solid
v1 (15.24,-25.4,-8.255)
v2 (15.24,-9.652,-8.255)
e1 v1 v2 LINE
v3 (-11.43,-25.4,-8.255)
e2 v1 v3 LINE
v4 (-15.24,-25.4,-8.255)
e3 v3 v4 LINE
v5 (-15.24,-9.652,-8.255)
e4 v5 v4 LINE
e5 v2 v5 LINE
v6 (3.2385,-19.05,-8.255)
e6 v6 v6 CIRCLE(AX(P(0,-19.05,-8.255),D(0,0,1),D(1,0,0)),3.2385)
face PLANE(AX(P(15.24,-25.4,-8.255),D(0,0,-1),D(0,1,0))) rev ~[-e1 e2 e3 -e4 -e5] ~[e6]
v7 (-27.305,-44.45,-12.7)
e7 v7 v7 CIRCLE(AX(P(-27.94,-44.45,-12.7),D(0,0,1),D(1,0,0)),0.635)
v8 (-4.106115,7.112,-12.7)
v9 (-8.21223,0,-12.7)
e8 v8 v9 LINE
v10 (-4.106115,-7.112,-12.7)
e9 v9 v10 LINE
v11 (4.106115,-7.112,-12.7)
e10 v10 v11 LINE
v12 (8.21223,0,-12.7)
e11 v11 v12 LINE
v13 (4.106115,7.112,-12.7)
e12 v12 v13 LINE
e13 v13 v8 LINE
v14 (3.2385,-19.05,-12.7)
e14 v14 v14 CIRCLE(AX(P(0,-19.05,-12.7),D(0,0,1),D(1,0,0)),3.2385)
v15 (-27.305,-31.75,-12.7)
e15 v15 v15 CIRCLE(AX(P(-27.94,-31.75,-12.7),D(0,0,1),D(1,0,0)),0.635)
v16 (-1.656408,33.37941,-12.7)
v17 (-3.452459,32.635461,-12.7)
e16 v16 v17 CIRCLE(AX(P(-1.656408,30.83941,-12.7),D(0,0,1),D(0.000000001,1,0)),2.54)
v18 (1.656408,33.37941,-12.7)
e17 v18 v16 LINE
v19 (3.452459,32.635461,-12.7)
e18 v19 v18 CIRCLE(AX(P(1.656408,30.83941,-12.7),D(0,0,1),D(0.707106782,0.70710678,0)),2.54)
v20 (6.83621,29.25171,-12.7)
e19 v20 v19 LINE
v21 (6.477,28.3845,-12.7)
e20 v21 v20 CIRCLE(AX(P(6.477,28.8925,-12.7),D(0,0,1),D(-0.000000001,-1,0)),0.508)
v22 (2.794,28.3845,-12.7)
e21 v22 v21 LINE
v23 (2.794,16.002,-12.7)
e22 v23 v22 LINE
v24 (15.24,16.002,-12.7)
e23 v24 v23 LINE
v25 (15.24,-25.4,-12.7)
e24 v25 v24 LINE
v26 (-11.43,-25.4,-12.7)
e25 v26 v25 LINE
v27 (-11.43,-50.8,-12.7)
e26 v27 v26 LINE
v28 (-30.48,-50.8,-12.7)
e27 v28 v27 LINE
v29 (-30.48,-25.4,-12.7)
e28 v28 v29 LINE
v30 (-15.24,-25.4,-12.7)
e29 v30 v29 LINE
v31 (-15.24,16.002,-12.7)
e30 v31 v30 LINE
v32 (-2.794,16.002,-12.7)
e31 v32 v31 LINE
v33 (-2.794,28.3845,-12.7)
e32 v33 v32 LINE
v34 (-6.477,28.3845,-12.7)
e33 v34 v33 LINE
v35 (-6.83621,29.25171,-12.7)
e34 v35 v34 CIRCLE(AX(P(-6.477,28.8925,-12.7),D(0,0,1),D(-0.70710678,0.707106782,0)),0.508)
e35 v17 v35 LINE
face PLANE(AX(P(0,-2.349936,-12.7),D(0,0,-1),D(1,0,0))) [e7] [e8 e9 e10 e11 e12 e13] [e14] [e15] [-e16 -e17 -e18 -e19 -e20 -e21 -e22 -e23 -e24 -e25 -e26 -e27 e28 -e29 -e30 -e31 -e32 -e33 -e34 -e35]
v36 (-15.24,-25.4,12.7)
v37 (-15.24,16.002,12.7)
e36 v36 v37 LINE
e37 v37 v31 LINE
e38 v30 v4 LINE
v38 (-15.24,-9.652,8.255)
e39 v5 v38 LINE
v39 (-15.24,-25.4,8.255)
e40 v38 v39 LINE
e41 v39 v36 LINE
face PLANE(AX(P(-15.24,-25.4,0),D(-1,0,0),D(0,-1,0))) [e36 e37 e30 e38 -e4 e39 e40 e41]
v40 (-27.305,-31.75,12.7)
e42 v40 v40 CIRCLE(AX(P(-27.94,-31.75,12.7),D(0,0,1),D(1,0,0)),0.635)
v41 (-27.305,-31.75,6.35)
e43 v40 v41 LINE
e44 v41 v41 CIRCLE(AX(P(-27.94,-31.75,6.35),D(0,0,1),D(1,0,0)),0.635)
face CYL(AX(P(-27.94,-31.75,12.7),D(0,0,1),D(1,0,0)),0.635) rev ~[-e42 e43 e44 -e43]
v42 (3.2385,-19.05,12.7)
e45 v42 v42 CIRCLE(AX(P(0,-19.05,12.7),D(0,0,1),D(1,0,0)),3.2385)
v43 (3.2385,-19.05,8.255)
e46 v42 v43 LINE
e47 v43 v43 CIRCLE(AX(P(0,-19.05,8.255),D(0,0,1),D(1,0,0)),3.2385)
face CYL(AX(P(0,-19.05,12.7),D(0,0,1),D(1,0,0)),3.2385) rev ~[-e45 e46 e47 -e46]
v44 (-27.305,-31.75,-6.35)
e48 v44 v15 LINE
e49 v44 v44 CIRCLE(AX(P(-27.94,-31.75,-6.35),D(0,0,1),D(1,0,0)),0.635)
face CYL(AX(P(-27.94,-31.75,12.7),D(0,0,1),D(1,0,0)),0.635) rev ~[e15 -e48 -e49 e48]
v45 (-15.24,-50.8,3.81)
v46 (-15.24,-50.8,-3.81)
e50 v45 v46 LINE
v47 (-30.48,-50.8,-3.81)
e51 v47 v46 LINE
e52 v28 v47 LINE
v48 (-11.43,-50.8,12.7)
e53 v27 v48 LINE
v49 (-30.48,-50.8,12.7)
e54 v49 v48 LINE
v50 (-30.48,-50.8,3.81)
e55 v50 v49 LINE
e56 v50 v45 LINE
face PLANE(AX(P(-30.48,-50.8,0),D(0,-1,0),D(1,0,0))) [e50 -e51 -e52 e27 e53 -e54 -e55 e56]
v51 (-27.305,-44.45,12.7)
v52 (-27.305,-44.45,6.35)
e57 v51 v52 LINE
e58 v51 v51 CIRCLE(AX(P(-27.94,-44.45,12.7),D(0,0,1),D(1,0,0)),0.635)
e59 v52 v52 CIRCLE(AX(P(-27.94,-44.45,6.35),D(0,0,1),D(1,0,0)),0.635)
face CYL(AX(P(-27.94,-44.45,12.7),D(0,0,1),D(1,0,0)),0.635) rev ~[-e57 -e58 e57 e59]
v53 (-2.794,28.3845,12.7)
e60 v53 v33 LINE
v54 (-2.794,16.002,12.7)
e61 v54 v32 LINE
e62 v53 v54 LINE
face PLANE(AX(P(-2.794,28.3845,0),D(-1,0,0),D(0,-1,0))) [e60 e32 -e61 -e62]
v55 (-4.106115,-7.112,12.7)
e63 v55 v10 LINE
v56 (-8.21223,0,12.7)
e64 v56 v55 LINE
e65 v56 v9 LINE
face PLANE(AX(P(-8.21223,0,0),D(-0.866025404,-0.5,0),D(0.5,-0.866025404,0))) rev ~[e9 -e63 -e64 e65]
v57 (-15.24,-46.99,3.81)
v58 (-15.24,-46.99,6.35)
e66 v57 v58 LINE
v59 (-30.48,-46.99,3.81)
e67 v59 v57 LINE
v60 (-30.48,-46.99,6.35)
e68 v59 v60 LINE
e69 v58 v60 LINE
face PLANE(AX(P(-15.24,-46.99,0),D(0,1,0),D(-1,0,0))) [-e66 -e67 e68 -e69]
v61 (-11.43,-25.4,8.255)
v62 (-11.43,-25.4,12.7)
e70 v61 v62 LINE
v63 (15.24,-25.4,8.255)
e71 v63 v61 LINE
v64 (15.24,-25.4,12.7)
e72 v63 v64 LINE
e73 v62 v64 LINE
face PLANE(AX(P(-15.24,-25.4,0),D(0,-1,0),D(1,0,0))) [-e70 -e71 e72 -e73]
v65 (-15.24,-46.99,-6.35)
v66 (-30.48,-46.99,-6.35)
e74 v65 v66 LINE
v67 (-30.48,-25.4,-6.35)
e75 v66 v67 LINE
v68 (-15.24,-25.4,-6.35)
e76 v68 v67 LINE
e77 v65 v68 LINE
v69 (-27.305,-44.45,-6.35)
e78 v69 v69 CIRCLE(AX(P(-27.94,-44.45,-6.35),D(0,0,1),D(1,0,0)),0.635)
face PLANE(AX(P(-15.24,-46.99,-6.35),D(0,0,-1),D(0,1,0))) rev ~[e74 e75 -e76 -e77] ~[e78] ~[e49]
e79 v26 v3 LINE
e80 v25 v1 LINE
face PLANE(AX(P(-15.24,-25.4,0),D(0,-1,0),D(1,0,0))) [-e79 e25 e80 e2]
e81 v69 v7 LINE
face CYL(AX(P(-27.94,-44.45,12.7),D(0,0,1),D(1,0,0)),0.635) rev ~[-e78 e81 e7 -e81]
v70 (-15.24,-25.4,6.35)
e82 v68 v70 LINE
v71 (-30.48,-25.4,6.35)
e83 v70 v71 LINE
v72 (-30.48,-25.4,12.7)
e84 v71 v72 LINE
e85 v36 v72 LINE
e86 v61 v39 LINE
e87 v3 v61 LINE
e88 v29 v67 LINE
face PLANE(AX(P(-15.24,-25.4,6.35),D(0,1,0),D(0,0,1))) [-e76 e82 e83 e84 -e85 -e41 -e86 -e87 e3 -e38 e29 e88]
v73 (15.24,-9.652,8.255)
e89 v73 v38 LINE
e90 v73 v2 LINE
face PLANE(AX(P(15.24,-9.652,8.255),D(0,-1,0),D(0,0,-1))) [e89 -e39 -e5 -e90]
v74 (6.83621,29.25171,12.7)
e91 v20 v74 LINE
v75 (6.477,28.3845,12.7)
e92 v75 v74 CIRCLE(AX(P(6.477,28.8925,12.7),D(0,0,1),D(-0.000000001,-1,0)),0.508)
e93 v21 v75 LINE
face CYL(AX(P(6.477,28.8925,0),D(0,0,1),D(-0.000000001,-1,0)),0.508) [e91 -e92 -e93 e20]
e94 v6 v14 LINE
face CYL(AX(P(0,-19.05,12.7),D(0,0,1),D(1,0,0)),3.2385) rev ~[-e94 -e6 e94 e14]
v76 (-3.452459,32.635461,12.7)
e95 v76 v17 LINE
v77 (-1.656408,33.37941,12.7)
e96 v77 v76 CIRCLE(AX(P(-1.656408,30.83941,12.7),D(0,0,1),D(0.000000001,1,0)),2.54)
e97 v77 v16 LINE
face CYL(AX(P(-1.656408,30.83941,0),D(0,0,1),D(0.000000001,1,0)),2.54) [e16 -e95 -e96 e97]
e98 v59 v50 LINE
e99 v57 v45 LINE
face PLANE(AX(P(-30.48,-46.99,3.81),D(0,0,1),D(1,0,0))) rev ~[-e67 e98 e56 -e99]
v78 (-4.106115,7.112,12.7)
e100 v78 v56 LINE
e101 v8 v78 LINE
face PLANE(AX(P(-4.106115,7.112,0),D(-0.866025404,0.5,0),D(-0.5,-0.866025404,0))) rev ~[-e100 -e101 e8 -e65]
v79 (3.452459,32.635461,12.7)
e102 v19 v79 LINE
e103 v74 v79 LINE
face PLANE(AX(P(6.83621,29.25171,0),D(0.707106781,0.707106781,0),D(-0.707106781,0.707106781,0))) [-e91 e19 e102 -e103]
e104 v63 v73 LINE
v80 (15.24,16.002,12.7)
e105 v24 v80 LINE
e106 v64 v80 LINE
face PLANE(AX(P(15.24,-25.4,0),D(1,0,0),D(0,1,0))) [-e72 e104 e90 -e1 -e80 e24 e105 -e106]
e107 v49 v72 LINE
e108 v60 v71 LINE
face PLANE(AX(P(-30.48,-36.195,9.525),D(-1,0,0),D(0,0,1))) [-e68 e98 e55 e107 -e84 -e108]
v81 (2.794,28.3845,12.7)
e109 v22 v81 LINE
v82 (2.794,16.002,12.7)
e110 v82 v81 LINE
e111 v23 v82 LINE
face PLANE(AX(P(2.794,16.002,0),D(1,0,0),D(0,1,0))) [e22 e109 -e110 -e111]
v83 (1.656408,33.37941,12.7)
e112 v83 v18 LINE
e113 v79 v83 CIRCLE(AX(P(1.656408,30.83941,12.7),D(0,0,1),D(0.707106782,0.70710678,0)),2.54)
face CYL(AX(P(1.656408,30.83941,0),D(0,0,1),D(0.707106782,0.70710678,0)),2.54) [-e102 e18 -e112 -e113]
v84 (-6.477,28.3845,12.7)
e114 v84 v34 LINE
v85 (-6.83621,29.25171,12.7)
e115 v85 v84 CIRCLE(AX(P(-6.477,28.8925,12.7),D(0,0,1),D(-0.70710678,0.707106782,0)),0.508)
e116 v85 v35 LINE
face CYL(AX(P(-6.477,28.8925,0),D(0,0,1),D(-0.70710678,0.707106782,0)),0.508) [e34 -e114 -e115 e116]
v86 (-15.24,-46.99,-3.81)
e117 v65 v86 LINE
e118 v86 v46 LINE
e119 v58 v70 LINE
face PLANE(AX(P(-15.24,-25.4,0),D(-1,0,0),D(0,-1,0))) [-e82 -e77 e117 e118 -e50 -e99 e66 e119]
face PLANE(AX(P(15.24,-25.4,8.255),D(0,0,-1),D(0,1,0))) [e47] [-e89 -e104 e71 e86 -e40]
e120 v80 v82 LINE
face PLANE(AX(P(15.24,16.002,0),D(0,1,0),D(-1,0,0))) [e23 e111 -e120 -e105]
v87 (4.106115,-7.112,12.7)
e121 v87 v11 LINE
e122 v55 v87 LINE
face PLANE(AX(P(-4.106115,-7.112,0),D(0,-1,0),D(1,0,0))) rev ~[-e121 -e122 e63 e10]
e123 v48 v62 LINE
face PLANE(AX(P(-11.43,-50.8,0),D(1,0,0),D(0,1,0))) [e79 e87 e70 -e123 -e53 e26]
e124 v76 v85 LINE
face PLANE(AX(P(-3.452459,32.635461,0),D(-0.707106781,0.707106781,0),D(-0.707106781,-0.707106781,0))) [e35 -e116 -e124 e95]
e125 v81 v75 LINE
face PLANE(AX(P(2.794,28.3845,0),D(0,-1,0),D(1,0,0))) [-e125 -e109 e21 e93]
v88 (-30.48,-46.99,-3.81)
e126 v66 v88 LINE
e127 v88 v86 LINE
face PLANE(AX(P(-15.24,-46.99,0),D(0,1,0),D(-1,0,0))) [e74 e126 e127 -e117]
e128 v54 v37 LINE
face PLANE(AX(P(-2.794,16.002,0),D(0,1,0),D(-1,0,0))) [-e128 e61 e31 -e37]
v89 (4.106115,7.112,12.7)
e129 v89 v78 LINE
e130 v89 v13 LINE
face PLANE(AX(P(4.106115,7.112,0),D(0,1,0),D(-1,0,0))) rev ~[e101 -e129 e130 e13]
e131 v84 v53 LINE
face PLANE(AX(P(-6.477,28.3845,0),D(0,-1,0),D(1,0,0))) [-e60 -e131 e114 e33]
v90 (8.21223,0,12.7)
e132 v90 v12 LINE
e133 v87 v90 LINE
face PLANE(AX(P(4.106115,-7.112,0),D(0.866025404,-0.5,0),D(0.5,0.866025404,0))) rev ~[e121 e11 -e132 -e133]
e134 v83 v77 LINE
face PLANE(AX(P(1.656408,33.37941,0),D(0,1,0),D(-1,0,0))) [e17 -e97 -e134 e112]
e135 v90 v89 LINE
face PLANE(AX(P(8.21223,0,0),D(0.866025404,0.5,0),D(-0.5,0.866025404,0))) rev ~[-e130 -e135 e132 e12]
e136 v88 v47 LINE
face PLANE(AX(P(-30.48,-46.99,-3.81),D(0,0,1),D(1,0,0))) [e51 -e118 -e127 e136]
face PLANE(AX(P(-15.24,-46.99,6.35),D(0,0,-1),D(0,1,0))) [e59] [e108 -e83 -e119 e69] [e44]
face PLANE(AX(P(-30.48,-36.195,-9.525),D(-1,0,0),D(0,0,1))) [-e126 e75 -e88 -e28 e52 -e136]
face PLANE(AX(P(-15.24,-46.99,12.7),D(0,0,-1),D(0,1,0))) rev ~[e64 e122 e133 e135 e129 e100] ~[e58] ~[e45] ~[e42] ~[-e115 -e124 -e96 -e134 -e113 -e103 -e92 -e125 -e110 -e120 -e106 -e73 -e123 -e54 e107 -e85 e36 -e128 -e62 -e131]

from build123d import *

# Parameters (mm, degrees)
BOSS_EXTRUDE1_DEPTH             = 12.7
BOSS_EXTRUDE4_REACH             = 14.7
BOSS_EXTRUDE4_DIRECTION_2_REACH = 14.7
SKETCH6_W                       = 16.51
SKETCH6_H                       = 15.748
CUT_EXTRUDE2_DEPTH              = 46.72
SKETCH11_W                      = 15.24
SKETCH11_H                      = 7.62
CUT_EXTRUDE3_DEPTH              = 3.81
SKETCH15_R                      = 3.2385
CUT_EXTRUDE4_DEPTH              = 25.4
SKETCH16_W                      = 6.35
SKETCH16_H                      = 21.59
BOSS_EXTRUDE5_DEPTH             = 15.24
SKETCH17_R                      = 0.635
CUT_EXTRUDE5_DEPTH              = 26.4


with BuildPart() as part:
    # Sketch1 → Boss-Extrude1 (new body, symmetric)
    with BuildSketch(Plane.XY):
        with BuildLine():
            Line((-15.24, 16.002), (-15.24, -25.4))
            Line((-15.24, -25.4), (15.24, -25.4))
            Line((15.24, -25.4), (15.24, 16.002))
            Line((15.24, 16.002), (2.794, 16.002))
            Line((2.794, 16.002), (2.794, 28.3845))
            Line((2.794, 28.3845), (6.477, 28.3845))
            ThreePointArc((6.477, 28.3845), (6.946330803, 28.698096816), (6.836210245, 29.251710245))
            Line((6.836210245, 29.251710245), (3.452459265, 32.635461224))
            ThreePointArc((3.452459265, 32.635461224), (2.628423959, 33.186064013), (1.656408041, 33.37941))
            Line((1.656408041, 33.37941), (-1.656408041, 33.37941))
            ThreePointArc((-1.656408041, 33.37941), (-2.628423959, 33.186064013), (-3.452459265, 32.635461224))
            Line((-3.452459265, 32.635461224), (-6.836210245, 29.251710245))
            ThreePointArc((-6.836210245, 29.251710245), (-6.946330803, 28.698096816), (-6.477, 28.3845))
            Line((-6.477, 28.3845), (-2.794, 28.3845))
            Line((-2.794, 28.3845), (-2.794, 16.002))
            Line((-2.794, 16.002), (-15.24, 16.002))
        make_face()
        Polygon((-4.106115114, 7.112), (-8.212230229, 0), (-4.106115114, -7.112), (4.106115114, -7.112), (8.212230229, 0), (4.106115114, 7.112), align=None, mode=Mode.SUBTRACT)
    extrude(amount=BOSS_EXTRUDE1_DEPTH, both=True)

    # Boss-Extrude4: up to this face of the body (flat: up to its plane)
    boss_extrude4_end = Plane(part.part.faces().sort_by_distance((-6.334610257, 28.951479763, 12.7))[0])
    # Sketch10 → Boss-Extrude4 (add, up to the picked face)
    with BuildSketch(Plane.XY, mode=Mode.PRIVATE) as boss_extrude4_sk1:
        Polygon((-15.24, -25.4), (-15.24, -46.99), (-30.48, -46.99), (-30.48, -50.8), (-11.43, -50.8), (-11.43, -25.4), align=None)
    boss_extrude4_tool1 = split(extrude(boss_extrude4_sk1.sketch, amount=BOSS_EXTRUDE4_REACH, mode=Mode.PRIVATE), bisect_by=boss_extrude4_end, keep=Keep.BOTH, mode=Mode.PRIVATE)
    add(boss_extrude4_tool1.solids().sort_by_distance((-14.9225, -36.195, 0))[0])

    # Boss-Extrude4 direction 2: up to this face of the body (flat: up to its plane)
    boss_extrude4_direction_2_end = Plane(part.part.faces().sort_by_distance((-6.334610257, 28.951479763, -12.7))[0])
    # Sketch10 → Boss-Extrude4 direction 2 (add, up to the picked face)
    with BuildSketch(Plane.XY, mode=Mode.PRIVATE) as boss_extrude4_direction_2_sk1:
        Polygon((-15.24, -25.4), (-15.24, -46.99), (-30.48, -46.99), (-30.48, -50.8), (-11.43, -50.8), (-11.43, -25.4), align=None)
    boss_extrude4_direction_2_tool1 = split(extrude(boss_extrude4_direction_2_sk1.sketch, amount=-BOSS_EXTRUDE4_DIRECTION_2_REACH, mode=Mode.PRIVATE), bisect_by=boss_extrude4_direction_2_end, keep=Keep.BOTH, mode=Mode.PRIVATE)
    add(boss_extrude4_direction_2_tool1.solids().sort_by_distance((-14.9225, -36.195, 0))[0])

    # Sketch6 → Cut-Extrude2 (cut, through all)
    with BuildSketch(Plane(origin=(15.24, 0, 0), x_dir=(0, 0, -1), z_dir=(1, 0, 0))):
        with Locations((0, -17.526)):
            Rectangle(SKETCH6_W, SKETCH6_H)
    extrude(amount=-CUT_EXTRUDE2_DEPTH, mode=Mode.SUBTRACT)

    # Sketch11 → Cut-Extrude3 (cut)
    with BuildSketch(Plane(origin=(0, -46.99, 0), x_dir=(1, 0, 0), z_dir=(0, 1, 0))):
        with Locations((-22.86, 0)):
            Rectangle(SKETCH11_W, SKETCH11_H)
    extrude(amount=-CUT_EXTRUDE3_DEPTH, mode=Mode.SUBTRACT)

    # Sketch15 → Cut-Extrude4 (cut)
    with BuildSketch(Plane.XY.offset(12.7)):
        with Locations((0, -19.05)):
            Circle(SKETCH15_R)
    extrude(amount=-CUT_EXTRUDE4_DEPTH, mode=Mode.SUBTRACT)

    # Sketch16 → Boss-Extrude5 (add)
    with BuildSketch(Plane.ZY.offset(15.24)):
        with Locations((9.525, -36.195)):
            Rectangle(SKETCH16_W, SKETCH16_H)
        with Locations((-9.525, -36.195)):
            Rectangle(SKETCH16_W, SKETCH16_H)
    extrude(amount=BOSS_EXTRUDE5_DEPTH)

    # Sketch17 → Cut-Extrude5 (cut, through all)
    with BuildSketch(Plane.XY.offset(12.7)):
        with Locations((-27.94, -31.75)):
            Circle(SKETCH17_R)
        with Locations((-27.94, -44.45)):
            Circle(SKETCH17_R)
    extrude(amount=-CUT_EXTRUDE5_DEPTH, mode=Mode.SUBTRACT)


solid = part.part
